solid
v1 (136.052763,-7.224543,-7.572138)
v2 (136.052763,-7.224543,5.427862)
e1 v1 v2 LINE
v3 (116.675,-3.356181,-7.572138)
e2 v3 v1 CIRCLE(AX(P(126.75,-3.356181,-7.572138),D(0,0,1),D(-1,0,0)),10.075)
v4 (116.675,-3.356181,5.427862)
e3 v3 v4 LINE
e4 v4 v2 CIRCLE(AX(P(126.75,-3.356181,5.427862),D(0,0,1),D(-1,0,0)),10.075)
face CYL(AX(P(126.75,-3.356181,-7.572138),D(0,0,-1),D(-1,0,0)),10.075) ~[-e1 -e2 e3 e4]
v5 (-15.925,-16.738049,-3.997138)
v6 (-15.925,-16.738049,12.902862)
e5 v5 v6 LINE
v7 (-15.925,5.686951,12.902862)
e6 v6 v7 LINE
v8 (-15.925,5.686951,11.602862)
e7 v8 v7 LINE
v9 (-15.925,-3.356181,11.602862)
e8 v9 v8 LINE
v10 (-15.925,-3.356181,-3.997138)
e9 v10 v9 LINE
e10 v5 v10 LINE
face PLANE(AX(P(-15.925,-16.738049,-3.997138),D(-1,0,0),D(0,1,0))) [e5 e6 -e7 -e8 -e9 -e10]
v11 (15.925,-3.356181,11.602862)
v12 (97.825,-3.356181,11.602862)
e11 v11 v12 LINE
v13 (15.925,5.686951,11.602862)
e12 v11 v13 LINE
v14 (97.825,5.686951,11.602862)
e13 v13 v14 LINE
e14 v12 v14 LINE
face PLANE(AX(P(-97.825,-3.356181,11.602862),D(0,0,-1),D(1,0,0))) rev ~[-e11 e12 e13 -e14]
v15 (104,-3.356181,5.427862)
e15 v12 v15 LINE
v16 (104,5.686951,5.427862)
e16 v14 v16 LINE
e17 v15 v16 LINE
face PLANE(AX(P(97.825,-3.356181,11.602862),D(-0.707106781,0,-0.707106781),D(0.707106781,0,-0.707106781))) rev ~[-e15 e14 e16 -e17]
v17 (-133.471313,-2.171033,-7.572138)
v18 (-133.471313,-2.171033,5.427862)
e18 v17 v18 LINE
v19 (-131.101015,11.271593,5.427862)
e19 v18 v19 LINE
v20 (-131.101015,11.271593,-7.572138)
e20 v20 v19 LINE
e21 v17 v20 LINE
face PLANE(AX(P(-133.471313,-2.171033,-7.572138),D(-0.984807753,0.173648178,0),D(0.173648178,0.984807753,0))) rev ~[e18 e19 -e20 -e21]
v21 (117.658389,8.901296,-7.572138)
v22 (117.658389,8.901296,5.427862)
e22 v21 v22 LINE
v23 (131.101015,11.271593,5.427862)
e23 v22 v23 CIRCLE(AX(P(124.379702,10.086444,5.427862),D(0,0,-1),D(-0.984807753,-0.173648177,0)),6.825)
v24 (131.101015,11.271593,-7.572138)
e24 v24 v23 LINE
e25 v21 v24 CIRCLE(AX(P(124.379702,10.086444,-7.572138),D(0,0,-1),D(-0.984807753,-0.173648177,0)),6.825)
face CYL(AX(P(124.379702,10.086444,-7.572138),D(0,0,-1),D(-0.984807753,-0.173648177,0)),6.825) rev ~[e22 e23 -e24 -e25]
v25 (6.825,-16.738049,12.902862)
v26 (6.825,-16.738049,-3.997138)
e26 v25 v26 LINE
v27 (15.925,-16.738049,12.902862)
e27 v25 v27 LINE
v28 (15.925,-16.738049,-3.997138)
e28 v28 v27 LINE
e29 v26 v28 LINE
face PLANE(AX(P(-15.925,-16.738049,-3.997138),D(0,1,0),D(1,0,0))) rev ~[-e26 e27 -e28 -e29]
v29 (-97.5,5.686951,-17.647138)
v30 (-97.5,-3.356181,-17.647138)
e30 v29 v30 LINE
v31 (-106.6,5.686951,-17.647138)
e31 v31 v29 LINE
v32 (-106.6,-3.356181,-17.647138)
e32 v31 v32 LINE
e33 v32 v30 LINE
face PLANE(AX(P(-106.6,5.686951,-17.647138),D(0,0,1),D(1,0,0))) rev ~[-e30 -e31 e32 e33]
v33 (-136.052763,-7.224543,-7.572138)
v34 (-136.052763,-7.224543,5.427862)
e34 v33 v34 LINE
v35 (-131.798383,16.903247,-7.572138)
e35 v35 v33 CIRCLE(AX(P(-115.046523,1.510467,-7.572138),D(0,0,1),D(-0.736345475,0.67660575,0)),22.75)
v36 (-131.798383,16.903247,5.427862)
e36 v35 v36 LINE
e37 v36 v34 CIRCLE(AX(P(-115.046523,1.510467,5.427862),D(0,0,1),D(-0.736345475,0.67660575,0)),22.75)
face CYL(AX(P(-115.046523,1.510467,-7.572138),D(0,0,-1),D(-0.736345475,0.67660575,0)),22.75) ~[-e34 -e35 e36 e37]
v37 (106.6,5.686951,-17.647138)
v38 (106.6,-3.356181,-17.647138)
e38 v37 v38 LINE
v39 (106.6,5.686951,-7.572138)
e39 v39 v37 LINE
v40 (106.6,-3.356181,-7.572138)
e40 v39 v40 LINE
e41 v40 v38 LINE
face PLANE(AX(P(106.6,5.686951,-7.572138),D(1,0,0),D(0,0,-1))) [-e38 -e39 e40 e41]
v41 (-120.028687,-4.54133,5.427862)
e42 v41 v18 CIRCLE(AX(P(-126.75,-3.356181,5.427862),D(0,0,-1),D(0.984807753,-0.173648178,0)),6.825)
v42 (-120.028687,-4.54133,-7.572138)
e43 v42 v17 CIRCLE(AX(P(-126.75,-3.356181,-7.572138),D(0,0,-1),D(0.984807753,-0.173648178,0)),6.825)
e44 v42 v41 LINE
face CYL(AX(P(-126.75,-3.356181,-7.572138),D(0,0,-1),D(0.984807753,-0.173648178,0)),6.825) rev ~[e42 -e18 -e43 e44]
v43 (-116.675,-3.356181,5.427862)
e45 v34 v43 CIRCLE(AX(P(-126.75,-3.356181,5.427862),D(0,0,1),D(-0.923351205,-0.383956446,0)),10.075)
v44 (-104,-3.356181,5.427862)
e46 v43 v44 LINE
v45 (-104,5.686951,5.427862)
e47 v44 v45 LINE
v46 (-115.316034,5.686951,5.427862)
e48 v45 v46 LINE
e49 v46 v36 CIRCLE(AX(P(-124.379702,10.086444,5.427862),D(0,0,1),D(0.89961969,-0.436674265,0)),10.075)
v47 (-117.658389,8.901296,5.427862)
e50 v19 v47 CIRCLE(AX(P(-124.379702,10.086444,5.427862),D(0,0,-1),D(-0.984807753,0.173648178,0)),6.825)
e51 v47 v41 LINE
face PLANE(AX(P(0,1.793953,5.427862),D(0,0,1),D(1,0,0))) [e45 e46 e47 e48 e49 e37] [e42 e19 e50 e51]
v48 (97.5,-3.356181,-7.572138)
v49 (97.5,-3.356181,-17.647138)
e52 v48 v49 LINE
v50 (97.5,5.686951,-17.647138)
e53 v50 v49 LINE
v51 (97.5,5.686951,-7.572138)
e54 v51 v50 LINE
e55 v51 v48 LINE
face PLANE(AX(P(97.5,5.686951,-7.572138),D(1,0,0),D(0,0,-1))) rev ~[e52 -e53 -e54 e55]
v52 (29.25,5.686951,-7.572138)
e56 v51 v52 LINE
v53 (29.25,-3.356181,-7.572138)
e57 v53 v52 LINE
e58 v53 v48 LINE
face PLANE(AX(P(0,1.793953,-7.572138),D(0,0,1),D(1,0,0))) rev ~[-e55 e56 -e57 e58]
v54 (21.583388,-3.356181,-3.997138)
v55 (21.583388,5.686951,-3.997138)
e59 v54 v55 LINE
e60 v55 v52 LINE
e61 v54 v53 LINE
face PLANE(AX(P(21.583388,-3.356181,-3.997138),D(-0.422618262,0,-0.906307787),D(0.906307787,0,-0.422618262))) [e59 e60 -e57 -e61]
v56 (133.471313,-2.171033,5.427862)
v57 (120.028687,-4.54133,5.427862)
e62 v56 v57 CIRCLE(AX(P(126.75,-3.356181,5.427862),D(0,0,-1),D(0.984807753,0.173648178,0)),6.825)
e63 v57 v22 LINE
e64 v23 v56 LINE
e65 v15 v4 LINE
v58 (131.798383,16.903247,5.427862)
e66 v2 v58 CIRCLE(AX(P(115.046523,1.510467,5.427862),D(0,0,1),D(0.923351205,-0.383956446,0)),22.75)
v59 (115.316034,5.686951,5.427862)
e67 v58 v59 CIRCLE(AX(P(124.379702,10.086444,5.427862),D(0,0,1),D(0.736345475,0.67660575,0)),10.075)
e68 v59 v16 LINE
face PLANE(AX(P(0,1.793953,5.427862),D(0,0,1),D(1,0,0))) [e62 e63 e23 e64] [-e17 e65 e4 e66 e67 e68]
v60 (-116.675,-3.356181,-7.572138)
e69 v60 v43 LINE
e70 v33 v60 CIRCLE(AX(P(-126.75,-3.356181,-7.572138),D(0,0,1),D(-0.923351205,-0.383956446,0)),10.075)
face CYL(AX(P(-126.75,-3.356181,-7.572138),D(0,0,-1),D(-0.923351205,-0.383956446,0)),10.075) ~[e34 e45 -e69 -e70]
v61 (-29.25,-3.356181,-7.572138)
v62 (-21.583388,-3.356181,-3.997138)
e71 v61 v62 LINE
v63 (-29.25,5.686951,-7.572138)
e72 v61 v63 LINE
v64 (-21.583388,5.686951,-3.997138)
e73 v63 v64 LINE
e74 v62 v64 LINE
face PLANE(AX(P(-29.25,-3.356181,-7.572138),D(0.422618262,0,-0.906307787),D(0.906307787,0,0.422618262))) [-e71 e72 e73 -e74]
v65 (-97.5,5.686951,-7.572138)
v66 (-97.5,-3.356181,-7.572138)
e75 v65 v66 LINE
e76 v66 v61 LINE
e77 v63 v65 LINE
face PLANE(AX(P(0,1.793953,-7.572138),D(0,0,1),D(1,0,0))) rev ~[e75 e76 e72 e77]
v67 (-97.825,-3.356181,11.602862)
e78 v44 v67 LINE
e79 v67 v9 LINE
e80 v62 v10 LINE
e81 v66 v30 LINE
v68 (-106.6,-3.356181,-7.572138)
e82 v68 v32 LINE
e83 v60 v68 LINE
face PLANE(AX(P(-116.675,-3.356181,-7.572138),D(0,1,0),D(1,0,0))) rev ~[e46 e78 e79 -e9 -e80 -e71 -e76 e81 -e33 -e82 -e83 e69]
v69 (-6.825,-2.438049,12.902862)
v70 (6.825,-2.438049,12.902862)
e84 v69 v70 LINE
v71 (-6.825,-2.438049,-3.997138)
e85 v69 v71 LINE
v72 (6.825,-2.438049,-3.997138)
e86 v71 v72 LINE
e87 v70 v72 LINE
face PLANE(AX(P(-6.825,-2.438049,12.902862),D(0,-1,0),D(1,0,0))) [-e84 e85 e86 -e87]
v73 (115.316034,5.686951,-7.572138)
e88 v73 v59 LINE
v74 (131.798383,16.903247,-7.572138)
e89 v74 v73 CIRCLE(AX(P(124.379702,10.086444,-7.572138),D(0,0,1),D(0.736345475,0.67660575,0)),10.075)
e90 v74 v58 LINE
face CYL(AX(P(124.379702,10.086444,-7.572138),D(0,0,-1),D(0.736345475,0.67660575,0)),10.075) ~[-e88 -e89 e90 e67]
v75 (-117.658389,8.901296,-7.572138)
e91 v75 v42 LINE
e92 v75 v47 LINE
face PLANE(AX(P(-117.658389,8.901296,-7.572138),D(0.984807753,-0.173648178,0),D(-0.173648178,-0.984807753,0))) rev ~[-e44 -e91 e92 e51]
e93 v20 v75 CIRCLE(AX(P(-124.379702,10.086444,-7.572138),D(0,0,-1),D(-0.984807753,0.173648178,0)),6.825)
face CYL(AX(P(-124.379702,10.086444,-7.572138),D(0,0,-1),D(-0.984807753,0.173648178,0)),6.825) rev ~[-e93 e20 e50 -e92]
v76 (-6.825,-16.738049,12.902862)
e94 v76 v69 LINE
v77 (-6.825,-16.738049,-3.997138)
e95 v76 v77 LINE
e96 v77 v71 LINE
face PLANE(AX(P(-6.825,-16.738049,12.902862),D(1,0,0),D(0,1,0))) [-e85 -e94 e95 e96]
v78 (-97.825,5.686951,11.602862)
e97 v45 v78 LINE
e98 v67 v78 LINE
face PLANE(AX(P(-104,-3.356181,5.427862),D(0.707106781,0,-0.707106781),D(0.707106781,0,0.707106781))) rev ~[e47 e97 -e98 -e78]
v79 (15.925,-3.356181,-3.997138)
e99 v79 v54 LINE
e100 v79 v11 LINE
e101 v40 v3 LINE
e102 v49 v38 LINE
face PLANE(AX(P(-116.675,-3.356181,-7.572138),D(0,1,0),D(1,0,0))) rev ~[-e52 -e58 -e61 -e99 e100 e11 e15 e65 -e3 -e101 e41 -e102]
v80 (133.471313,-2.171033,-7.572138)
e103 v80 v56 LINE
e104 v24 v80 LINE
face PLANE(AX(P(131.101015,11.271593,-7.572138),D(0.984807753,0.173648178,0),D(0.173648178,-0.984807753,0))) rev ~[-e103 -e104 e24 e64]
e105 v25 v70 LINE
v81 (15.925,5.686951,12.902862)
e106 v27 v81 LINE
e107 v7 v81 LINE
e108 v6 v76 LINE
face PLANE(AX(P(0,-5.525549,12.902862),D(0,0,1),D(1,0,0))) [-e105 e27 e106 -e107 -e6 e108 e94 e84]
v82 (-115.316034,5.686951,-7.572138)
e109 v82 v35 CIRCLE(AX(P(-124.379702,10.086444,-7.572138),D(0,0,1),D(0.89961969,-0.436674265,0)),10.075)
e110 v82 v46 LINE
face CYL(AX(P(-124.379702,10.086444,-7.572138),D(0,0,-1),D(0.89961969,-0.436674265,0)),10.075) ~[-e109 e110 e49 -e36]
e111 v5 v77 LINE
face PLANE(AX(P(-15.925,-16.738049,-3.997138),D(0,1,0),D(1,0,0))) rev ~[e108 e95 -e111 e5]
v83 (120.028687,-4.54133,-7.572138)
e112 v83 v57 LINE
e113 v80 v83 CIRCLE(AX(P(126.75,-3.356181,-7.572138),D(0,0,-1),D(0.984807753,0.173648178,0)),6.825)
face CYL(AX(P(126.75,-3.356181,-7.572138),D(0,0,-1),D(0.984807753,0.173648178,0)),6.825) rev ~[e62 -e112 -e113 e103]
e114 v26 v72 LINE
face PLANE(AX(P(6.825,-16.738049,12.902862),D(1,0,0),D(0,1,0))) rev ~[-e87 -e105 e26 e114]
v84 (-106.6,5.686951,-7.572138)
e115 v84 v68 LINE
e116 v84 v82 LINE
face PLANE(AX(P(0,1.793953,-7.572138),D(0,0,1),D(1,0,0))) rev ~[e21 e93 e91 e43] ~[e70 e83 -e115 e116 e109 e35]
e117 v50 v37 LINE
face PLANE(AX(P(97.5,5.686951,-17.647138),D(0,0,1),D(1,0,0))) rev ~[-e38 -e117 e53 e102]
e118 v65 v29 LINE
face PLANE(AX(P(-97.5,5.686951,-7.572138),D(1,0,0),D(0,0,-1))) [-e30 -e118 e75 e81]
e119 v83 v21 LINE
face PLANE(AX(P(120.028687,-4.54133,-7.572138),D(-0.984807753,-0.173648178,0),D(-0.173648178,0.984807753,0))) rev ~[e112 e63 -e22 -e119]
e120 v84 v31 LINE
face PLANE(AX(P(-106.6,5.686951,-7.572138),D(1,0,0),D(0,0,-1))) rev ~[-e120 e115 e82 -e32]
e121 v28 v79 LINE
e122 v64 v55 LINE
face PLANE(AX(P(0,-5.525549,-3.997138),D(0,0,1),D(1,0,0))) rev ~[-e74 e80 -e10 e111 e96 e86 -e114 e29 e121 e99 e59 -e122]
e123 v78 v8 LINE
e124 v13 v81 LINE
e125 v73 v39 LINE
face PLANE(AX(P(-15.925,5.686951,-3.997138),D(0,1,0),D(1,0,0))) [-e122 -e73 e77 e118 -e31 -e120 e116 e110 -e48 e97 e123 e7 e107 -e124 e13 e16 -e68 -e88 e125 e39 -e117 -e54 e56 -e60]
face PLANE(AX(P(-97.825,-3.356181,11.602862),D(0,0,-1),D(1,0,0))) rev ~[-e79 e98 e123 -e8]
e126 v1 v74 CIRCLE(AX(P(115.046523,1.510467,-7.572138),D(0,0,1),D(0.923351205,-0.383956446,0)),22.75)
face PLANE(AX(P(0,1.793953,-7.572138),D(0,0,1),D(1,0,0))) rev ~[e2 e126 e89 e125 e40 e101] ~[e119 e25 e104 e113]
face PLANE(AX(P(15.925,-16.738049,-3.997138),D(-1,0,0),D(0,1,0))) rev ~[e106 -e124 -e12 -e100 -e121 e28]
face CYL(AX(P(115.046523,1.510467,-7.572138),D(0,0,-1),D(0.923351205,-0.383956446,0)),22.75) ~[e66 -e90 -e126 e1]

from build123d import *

# Parameters (mm, degrees)
BOSS_EXTRU_1_DEPTH      = 2
BOSS_EXTRU_2_DEPTH      = 1.39125117
ENL_V_MAT_EXTRU_1_DEPTH = 2
BOSS_EXTRU_3_DEPTH      = 0.2
BOSS_EXTRU_3_DEPTH_BACK = 2.4
ESQUISSE4_W             = 4.9
ESQUISSE4_H             = 3.45
ESQUISSE5_W             = 2.1
ESQUISSE5_H             = 2.2
ENL_V_MAT_EXTRU_2_DEPTH = 4
ESQUISSE6_W             = 1.4
ESQUISSE6_H             = 1.55
BOSS_EXTRU_4_DEPTH      = 1.39125117
SCALE1_SCALE            = 6.5


with BuildPart() as part:
    # Esquisse1 → Boss.-Extru.1 (new body)
    with BuildSketch(Plane.XY):
        with BuildLine():
            Line((-17.95, 0), (17.95, 0))
            ThreePointArc((17.95, 0), (19.19656242, -1.520008433), (20.931194368, -0.595132491))
            ThreePointArc((20.931194368, -0.595132491), (21.146292286, 1.356483691), (20.276674314, 3.116835194))
            ThreePointArc((20.276674314, 3.116835194), (18.263317154, 3.349532273), (17.740928308, 1.39125117))
            Line((17.740928308, 1.39125117), (-17.740928308, 1.39125117))
            ThreePointArc((-17.740928308, 1.39125117), (-18.263317154, 3.349532273), (-20.276674314, 3.116835194))
            ThreePointArc((-20.276674314, 3.116835194), (-21.146292286, 1.356483691), (-20.931194368, -0.595132491))
            ThreePointArc((-20.931194368, -0.595132491), (-19.19656242, -1.520008433), (-17.95, 0))
        make_face()
        with BuildLine():
            Line((-20.534048141, 0.182330587), (-20.169386968, 2.250426868))
            ThreePointArc((-20.169386968, 2.250426868), (-18.95300824, 3.102144422), (-18.101290686, 1.885765695))
            Line((-18.101290686, 1.885765695), (-18.465951859, -0.182330587))
            ThreePointArc((-18.465951859, -0.182330587), (-19.682330587, -1.034048141), (-20.534048141, 0.182330587))
        make_face(mode=Mode.SUBTRACT)
        with BuildLine():
            Line((18.465951859, -0.182330587), (18.101290686, 1.885765695))
            ThreePointArc((18.101290686, 1.885765695), (18.95300824, 3.102144422), (20.169386968, 2.250426868))
            Line((20.169386968, 2.250426868), (20.534048141, 0.182330587))
            ThreePointArc((20.534048141, 0.182330587), (19.682330587, -1.034048141), (18.465951859, -0.182330587))
        make_face(mode=Mode.SUBTRACT)
    extrude(amount=BOSS_EXTRU_1_DEPTH)

    # Esquisse2 → Boss.-Extru.2 (add)
    with BuildSketch(Plane.XZ):
        Polygon((-16, 2), (-15.05, 2.95), (15.05, 2.95), (16, 2), align=None)
    extrude(amount=-BOSS_EXTRU_2_DEPTH)

    # Esquisse3 → Enlèv. mat.-Extru.1 (cut)
    with BuildSketch(Plane.XZ):
        Polygon((-4.5, 0), (-3.320521194, 0.55), (3.320521194, 0.55), (4.5, 0), align=None)
    extrude(amount=-ENL_V_MAT_EXTRU_1_DEPTH, mode=Mode.SUBTRACT)

    # Esquisse4 → Boss.-Extru.3 (add, two sides: drawn at the far end of the back side and taken through both)
    with BuildSketch(Plane.XY.offset(2.95).offset(-BOSS_EXTRU_3_DEPTH_BACK)):
        with Locations((0, -0.33374883)):
            Rectangle(ESQUISSE4_W, ESQUISSE4_H)
    extrude(amount=BOSS_EXTRU_3_DEPTH + BOSS_EXTRU_3_DEPTH_BACK)

    # Esquisse5 → Enlèv. mat.-Extru.2 (cut)
    with BuildSketch(Plane.XY.offset(3.15)):
        with Locations((0, -0.95874883)):
            Rectangle(ESQUISSE5_W, ESQUISSE5_H)
    extrude(amount=-ENL_V_MAT_EXTRU_2_DEPTH, mode=Mode.SUBTRACT)

    # Esquisse6 → Boss.-Extru.4 (add)
    with BuildSketch(Plane(origin=(0, 1.39125117, 0), x_dir=(1, 0, 0), z_dir=(0, 1, 0))):
        with Locations((-15.7, 0.775)):
            Rectangle(ESQUISSE6_W, ESQUISSE6_H)
        with Locations((15.7, 0.775)):
            Rectangle(ESQUISSE6_W, ESQUISSE6_H)
    extrude(amount=-BOSS_EXTRU_4_DEPTH)


with BuildPart() as part_1:
    # Scale1: scaled about (0, 0.610214787, 1.376752435)
    add(part.part.scale(SCALE1_SCALE).moved(Location((0, -3.356181328, -7.572138393))))


solid = part_1.part
